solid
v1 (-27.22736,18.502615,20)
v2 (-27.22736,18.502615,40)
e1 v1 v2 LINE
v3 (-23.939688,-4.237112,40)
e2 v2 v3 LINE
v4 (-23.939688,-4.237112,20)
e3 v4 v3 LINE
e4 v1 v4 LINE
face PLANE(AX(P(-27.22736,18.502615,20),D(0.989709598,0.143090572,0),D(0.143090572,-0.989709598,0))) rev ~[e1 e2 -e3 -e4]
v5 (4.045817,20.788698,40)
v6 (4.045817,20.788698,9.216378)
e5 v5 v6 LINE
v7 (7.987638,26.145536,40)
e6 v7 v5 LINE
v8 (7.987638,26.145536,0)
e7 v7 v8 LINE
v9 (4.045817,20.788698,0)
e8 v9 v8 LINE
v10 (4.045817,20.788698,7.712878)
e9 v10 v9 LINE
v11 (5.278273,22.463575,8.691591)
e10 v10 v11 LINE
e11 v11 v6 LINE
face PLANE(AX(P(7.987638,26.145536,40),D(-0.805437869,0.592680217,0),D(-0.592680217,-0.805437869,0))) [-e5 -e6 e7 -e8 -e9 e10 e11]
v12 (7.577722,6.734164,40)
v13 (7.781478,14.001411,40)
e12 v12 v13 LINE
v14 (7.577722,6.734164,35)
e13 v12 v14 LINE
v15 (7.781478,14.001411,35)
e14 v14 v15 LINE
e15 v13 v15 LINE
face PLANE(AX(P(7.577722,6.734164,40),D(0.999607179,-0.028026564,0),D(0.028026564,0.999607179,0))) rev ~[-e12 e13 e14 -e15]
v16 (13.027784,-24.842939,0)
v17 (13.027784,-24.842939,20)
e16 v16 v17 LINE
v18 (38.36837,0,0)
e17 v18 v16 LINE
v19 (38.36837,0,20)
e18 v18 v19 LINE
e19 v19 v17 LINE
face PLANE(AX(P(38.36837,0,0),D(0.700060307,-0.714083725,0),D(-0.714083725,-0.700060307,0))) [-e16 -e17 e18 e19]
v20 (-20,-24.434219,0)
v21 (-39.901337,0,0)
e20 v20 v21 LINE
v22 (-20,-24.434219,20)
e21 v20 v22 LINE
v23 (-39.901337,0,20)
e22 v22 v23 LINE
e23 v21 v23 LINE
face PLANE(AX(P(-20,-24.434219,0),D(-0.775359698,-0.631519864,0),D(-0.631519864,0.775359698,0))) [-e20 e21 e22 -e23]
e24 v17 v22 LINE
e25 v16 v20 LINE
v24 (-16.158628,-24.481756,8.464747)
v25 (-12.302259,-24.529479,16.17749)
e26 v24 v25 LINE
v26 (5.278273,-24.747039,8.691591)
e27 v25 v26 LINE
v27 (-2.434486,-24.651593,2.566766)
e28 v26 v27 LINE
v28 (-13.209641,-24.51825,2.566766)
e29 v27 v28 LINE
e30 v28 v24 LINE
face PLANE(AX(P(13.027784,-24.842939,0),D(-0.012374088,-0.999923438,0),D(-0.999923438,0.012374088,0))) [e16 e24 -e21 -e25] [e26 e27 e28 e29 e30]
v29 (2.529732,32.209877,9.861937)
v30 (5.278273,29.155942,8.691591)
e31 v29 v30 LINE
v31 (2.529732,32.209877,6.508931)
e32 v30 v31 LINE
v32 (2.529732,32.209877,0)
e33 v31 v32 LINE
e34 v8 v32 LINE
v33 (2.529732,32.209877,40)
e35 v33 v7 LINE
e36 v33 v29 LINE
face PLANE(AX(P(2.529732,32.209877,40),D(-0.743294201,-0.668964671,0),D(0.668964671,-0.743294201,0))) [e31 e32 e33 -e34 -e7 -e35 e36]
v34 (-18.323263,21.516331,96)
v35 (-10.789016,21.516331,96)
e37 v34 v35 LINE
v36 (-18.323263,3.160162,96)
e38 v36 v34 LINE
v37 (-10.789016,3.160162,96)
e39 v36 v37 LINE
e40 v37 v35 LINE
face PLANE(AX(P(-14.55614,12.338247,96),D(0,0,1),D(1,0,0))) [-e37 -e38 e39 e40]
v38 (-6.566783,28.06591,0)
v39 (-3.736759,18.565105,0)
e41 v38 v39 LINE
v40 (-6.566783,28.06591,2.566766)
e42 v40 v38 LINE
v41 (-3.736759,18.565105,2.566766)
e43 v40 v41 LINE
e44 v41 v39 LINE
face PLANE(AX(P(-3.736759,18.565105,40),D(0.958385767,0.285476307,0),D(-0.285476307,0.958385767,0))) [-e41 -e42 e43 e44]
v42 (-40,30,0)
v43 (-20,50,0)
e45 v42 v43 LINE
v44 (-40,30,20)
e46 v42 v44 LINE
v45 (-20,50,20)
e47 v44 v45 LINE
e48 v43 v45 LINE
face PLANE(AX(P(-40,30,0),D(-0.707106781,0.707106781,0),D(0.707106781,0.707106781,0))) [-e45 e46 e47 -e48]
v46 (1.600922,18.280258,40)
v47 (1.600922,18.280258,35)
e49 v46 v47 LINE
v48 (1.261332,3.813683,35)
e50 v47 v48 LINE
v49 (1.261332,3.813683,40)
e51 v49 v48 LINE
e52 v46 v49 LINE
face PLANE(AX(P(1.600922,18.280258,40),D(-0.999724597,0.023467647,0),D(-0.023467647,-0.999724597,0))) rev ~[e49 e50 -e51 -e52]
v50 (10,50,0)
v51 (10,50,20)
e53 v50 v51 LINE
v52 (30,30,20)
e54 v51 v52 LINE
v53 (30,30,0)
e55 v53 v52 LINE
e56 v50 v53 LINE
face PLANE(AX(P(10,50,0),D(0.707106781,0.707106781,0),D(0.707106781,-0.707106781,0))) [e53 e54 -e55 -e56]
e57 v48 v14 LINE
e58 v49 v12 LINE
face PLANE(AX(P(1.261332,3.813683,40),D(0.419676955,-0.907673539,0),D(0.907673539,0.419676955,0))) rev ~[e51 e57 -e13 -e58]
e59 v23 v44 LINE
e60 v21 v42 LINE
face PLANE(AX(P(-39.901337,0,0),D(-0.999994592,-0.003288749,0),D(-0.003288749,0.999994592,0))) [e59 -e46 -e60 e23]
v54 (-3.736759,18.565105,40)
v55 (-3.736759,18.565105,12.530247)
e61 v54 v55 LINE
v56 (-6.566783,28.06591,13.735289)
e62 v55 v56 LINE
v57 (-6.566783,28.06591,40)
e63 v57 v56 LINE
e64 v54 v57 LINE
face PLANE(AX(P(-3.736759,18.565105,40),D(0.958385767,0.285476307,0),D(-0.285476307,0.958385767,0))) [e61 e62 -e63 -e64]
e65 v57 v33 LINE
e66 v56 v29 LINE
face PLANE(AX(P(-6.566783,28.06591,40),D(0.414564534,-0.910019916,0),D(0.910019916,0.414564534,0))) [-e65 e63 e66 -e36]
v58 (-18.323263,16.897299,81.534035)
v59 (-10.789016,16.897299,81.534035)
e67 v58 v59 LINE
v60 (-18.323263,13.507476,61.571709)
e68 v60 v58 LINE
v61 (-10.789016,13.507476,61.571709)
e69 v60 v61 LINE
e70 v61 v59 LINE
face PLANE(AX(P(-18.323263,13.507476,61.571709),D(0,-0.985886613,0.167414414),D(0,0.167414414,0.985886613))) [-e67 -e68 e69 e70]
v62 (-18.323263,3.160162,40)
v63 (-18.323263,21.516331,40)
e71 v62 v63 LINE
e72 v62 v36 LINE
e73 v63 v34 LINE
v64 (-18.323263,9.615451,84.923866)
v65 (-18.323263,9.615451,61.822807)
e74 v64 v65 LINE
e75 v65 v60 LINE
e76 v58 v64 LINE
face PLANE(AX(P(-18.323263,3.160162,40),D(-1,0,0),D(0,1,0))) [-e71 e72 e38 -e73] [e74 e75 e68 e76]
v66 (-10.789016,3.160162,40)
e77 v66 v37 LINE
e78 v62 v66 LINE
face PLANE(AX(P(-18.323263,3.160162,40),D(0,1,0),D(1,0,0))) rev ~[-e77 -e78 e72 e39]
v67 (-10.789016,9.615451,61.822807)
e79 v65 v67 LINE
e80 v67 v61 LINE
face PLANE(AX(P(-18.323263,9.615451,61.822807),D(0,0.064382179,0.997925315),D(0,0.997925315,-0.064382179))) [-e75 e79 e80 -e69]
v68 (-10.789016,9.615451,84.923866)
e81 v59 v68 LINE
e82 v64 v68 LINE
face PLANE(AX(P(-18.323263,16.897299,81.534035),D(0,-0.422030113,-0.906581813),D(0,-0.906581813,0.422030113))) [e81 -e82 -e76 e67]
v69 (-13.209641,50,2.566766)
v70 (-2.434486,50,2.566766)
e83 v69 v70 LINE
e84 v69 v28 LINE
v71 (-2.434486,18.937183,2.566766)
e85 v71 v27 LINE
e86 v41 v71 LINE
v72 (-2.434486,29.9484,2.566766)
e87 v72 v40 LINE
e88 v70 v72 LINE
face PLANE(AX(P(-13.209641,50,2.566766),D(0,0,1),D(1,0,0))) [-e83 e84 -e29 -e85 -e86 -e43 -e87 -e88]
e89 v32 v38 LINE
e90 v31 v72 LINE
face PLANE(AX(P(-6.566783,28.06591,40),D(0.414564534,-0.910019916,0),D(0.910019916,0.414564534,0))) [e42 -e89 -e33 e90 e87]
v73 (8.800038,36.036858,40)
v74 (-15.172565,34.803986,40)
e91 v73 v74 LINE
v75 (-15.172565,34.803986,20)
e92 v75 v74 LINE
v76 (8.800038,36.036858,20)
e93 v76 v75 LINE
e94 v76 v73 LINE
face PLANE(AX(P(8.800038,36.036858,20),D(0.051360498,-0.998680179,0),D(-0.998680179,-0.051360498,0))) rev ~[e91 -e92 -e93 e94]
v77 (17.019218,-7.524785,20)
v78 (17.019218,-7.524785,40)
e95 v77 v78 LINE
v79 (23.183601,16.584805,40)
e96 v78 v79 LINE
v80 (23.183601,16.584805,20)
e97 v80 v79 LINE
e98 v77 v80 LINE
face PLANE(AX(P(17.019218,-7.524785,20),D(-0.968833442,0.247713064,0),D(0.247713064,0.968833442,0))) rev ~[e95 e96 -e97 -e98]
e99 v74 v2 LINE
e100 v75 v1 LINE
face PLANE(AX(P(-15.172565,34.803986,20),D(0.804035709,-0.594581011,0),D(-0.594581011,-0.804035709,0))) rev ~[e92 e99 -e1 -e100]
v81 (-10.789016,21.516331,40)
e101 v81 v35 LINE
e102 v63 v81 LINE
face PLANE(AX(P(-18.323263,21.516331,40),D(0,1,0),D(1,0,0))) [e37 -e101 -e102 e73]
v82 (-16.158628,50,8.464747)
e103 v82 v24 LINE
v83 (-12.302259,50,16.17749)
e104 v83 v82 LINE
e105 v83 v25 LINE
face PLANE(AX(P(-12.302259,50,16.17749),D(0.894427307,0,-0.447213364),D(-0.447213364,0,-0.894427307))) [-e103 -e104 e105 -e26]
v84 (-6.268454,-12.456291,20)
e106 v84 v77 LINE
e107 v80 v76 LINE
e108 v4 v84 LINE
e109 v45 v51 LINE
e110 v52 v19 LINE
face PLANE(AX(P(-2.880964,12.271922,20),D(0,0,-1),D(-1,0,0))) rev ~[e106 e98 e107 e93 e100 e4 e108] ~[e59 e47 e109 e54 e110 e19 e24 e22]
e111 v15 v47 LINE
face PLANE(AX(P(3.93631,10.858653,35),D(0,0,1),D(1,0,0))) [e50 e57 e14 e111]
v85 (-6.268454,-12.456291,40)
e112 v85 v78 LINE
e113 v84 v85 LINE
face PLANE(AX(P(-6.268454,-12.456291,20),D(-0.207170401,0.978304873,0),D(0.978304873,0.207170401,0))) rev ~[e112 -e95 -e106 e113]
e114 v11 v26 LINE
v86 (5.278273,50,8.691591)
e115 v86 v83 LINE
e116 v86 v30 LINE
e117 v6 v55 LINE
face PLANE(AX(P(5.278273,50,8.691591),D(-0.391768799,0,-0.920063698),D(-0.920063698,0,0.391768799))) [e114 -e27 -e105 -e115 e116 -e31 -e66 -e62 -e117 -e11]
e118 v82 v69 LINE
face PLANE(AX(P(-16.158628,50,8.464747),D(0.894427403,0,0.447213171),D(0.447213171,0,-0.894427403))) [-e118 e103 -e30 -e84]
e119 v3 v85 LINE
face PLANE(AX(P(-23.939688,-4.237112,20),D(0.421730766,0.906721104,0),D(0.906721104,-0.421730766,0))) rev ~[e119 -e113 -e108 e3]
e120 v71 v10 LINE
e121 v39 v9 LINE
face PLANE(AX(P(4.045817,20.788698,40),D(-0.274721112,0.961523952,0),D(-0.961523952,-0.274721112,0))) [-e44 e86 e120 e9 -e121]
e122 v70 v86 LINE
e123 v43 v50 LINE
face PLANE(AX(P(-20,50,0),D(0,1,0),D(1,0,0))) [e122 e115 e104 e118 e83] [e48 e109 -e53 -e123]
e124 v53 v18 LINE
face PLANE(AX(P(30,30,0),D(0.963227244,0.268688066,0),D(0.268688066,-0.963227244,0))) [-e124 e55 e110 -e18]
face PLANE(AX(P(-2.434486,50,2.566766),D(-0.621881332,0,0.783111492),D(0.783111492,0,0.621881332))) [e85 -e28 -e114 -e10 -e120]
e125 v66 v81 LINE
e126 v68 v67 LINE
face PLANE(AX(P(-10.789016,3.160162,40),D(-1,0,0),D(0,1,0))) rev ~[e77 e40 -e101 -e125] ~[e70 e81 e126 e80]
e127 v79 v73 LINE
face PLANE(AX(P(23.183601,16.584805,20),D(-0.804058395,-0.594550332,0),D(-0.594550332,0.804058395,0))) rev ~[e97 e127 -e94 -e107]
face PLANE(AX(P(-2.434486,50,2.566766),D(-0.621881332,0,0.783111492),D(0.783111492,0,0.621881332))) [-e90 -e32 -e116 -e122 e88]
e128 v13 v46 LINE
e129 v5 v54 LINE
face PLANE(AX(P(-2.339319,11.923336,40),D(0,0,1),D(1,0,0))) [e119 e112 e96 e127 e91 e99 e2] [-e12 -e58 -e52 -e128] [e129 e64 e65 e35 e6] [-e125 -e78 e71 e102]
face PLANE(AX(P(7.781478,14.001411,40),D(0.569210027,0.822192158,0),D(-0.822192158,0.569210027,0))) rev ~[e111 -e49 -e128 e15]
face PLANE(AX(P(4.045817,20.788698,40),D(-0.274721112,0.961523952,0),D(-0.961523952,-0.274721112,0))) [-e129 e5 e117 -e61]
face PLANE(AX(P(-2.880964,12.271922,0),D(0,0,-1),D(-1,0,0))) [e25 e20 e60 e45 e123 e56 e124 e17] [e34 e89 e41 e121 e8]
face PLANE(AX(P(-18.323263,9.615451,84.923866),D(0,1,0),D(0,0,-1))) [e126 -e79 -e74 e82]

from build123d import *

# Parameters (mm, degrees)
PAD_DEPTH       = 20
PAD001_DEPTH    = 20
SKETCH002_W     = 7.534247
SKETCH002_H     = 18.356169
PAD002_DEPTH    = 56
POCKET_DEPTH    = 5
POCKET001_DEPTH = 40.001
POCKET002_DEPTH = 56.692633
POCKET003_DEPTH = 74.843939


with BuildPart() as part:
    # Sketch → Pad (new body)
    with BuildSketch(Plane.XY):
        Polygon((-40, 30), (-20, 50), (10, 50), (30, 30), (38.36837, 0), (13.027784, -24.842939), (-20, -24.434219), (-39.901337, 0), align=None)
    extrude(amount=PAD_DEPTH)

    # Sketch001 (on Face10 of Pad) → Pad001 (join)
    with BuildSketch(Plane.XY.offset(20)):
        Polygon((-15.172565, 34.803986), (-27.22736, 18.502615), (-23.939688, -4.237112), (-6.268454, -12.456291), (17.019218, -7.524785), (23.183601, 16.584805), (8.800038, 36.036858), align=None)
    extrude(amount=PAD001_DEPTH)

    # Sketch002 (on Face18 of Pad001) → Pad002 (join)
    with BuildSketch(Plane.XY.offset(40)):
        with Locations((-14.5561395, 12.3382465)):
            Rectangle(SKETCH002_W, SKETCH002_H)
    extrude(amount=PAD002_DEPTH)

    # Sketch003 (on Face18 of Pad002) → Pocket (cut)
    with BuildSketch(Plane.XY.offset(40)):
        Polygon((1.600922, 18.280258), (1.261332, 3.813683), (7.577722, 6.734164), (7.781478, 14.001411), align=None)
    extrude(amount=-POCKET_DEPTH, mode=Mode.SUBTRACT)

    # Sketch004 (on Face18 of Pocket) → Pocket001 (cut, through all)
    with BuildSketch(Plane.XY.offset(40)):
        Polygon((-6.566783, 28.06591), (2.529732, 32.209877), (7.987638, 26.145536), (4.045817, 20.788698), (-3.736759, 18.565105), align=None)
    extrude(amount=-POCKET001_DEPTH, mode=Mode.SUBTRACT)

    # Sketch005 (on Face24 of Pocket001) → Pocket002 (cut, through all)
    with BuildSketch(Plane(origin=(-18.323263, 0, 0), x_dir=(0, -1, 0), z_dir=(-1, 0, 0))):
        Polygon((-16.897299, 81.534035), (-9.615451, 84.923866), (-9.615451, 61.822807), (-13.507476, 61.571709), align=None)
    extrude(amount=-POCKET002_DEPTH, mode=Mode.SUBTRACT)

    # Sketch006 (on Face3 of Pocket002) → Pocket003 (cut, through all)
    with BuildSketch(Plane(origin=(0, 50, 0), x_dir=(-1, 0, 0), z_dir=(0, 1, 0))):
        Polygon((-5.278273, 8.691591), (12.302259, 16.17749), (16.158628, 8.464747), (13.209641, 2.566766), (2.434486, 2.566766), align=None)
    extrude(amount=-POCKET003_DEPTH, mode=Mode.SUBTRACT)


solid = part.part
